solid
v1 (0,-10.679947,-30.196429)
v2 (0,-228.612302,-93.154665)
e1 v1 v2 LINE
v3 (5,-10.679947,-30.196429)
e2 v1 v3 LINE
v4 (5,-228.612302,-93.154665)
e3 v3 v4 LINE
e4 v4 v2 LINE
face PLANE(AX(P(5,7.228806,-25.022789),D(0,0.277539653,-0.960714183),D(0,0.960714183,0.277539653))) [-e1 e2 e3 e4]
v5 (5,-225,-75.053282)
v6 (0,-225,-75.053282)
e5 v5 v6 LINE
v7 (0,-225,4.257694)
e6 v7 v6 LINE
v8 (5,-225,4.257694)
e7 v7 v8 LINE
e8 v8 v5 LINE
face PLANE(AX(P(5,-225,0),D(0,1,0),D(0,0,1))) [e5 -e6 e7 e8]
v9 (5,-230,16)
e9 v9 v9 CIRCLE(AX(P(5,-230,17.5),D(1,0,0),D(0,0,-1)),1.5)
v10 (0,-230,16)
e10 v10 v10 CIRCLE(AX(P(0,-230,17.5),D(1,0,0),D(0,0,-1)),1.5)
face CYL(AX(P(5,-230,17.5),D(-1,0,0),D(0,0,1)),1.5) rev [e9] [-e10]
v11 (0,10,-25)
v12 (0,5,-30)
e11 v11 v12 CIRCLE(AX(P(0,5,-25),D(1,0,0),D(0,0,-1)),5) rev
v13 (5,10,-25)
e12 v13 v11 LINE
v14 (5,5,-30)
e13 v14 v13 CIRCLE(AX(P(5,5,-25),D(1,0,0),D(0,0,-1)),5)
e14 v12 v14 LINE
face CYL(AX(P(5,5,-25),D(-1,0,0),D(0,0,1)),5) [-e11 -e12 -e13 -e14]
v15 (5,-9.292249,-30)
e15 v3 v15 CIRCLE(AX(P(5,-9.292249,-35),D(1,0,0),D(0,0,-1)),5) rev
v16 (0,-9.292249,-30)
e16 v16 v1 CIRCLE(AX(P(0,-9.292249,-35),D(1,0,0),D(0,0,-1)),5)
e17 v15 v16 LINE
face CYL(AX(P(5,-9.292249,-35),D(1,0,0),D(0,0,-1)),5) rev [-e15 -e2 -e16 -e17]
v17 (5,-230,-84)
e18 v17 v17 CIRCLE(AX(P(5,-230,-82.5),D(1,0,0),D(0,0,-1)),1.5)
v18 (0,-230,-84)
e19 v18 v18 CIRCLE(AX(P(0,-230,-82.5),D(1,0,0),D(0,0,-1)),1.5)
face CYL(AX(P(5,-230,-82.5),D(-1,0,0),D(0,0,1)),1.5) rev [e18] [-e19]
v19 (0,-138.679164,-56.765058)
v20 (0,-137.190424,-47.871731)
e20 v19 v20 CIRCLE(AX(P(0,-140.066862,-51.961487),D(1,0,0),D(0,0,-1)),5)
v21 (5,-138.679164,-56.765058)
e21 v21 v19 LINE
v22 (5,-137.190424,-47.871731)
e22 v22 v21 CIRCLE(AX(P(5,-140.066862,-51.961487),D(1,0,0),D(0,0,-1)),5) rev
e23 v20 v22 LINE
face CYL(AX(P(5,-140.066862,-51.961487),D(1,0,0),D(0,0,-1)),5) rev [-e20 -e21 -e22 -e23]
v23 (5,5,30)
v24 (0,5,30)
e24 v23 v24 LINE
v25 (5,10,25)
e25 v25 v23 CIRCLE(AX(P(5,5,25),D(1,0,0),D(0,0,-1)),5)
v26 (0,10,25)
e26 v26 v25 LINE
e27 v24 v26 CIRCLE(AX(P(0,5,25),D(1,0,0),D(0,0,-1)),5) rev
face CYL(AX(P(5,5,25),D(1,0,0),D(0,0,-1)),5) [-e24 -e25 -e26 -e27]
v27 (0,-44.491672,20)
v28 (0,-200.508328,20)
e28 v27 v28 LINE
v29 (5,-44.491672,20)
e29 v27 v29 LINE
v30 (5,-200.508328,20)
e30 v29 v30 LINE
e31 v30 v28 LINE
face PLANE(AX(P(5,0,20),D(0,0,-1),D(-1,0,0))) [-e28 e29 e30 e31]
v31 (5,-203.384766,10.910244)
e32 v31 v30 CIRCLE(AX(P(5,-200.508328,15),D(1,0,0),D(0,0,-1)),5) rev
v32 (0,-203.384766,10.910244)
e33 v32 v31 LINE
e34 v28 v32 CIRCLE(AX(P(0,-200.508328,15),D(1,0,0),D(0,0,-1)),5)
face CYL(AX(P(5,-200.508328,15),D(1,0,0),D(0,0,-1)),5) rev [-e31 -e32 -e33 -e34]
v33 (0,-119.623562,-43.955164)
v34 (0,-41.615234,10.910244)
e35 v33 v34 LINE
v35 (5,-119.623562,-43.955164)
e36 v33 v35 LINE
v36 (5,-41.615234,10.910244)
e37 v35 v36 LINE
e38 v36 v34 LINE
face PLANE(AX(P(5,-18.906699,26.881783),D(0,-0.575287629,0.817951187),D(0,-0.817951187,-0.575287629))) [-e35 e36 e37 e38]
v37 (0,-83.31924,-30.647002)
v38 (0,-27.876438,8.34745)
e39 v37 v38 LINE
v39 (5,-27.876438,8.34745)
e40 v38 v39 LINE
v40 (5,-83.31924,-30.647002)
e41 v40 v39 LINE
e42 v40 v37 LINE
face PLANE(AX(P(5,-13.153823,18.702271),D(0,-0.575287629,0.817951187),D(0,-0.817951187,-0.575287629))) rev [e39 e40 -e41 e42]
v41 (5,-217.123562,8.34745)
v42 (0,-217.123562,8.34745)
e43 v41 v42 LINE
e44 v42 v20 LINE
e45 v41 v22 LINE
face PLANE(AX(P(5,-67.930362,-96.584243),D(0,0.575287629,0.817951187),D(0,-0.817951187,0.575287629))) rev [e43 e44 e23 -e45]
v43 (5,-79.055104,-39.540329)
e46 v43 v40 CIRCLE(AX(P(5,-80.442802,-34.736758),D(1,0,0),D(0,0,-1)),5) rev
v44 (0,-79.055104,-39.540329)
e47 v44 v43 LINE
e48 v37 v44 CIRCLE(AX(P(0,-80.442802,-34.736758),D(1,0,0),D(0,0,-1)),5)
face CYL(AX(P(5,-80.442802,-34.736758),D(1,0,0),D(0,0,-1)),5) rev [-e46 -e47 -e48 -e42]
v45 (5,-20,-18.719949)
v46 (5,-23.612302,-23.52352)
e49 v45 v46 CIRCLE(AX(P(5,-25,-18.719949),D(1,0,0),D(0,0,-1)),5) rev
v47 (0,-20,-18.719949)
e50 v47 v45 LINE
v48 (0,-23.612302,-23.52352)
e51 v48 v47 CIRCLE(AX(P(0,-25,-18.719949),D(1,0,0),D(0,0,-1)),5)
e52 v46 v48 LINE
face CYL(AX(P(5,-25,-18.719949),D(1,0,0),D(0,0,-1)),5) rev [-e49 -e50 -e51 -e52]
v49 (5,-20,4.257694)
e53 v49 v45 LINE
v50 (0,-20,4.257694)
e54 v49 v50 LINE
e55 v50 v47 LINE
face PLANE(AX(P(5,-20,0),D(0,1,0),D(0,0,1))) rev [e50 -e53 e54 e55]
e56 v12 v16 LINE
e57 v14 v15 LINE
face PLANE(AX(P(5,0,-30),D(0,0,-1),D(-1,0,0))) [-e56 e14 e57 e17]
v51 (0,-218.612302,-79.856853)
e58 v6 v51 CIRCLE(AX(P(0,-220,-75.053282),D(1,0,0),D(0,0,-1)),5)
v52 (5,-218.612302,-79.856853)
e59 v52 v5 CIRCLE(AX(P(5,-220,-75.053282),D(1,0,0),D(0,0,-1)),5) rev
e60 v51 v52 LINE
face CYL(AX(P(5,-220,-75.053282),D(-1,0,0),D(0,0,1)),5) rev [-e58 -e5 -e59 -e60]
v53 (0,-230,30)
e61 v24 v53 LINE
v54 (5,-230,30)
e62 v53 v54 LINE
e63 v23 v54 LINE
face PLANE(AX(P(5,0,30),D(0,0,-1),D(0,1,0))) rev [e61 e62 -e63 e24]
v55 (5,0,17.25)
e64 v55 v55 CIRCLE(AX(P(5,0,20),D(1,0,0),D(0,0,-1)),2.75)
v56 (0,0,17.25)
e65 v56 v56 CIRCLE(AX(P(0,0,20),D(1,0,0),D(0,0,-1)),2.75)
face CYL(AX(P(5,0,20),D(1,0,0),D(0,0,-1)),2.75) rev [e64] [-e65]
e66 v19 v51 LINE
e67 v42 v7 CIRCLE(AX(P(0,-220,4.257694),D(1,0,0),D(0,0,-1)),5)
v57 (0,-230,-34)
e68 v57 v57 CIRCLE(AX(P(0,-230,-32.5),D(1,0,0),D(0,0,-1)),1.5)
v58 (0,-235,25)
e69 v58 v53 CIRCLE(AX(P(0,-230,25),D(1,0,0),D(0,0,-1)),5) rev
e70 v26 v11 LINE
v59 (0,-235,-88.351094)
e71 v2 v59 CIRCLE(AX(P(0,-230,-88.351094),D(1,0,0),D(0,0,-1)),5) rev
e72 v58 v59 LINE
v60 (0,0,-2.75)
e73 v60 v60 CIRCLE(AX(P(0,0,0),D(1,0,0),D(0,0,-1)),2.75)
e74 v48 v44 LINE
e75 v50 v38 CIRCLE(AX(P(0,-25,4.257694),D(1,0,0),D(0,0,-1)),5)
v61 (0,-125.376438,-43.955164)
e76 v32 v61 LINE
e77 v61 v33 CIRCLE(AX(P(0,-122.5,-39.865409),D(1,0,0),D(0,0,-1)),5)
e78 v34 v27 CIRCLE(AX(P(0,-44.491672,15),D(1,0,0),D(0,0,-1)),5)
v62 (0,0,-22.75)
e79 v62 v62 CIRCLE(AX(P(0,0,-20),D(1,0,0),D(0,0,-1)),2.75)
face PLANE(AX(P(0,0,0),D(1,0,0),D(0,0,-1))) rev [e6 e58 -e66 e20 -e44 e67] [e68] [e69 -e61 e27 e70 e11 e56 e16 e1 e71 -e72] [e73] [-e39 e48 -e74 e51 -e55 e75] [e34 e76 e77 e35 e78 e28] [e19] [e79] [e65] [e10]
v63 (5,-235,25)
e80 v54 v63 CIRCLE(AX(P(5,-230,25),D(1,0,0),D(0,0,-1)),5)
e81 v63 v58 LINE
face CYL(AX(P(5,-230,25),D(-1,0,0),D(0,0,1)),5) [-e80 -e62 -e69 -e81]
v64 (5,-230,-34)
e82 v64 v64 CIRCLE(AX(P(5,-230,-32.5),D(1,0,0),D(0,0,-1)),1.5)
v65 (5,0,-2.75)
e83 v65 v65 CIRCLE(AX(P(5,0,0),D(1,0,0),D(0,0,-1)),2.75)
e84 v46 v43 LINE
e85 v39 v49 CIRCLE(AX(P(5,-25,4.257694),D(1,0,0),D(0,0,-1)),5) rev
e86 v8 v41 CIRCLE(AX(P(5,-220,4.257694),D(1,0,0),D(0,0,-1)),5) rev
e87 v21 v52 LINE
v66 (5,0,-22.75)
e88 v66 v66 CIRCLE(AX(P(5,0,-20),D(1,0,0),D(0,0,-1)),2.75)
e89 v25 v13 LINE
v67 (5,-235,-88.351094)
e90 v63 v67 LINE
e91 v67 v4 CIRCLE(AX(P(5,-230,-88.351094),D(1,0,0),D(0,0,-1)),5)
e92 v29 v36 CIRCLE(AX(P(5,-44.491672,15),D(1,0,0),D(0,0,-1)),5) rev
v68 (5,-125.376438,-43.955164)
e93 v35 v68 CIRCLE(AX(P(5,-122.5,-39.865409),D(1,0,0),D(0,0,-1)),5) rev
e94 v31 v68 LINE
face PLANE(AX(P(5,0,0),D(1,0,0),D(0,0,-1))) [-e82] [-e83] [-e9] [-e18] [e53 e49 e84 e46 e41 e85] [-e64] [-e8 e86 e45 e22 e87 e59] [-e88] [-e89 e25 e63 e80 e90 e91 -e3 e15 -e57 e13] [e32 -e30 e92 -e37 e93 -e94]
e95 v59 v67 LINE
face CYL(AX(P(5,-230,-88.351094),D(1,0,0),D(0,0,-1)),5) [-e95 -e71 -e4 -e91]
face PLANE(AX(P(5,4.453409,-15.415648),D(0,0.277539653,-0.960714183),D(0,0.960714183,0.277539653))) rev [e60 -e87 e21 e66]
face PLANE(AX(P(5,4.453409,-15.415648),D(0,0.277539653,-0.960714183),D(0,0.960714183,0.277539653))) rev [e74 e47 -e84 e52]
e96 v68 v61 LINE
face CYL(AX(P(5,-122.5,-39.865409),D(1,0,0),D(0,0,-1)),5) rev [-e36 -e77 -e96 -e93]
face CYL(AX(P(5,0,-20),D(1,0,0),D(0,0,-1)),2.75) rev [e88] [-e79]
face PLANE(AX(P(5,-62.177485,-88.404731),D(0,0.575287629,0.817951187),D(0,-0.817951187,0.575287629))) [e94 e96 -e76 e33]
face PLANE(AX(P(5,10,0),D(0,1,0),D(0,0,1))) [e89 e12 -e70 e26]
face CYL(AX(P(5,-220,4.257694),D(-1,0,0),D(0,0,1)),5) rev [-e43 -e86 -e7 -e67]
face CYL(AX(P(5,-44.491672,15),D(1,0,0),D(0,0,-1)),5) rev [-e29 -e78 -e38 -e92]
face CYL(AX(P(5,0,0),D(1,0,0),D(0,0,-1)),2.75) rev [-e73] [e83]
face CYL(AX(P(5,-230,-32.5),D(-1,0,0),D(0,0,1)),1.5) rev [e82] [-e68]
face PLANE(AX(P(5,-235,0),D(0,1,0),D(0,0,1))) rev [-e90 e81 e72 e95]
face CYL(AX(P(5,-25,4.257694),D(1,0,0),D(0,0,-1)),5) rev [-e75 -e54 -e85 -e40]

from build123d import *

# Parameters (mm, degrees)
SKETCH1_R            = 1.5
BOSS_EXTRUDE1_DEPTH  = 5
M5_CLEARANCE_HOLE1_D = 5.5
FILLET2_R            = 5


with BuildPart() as part:
    # Sketch1 → Boss-Extrude1 (new body)
    with BuildSketch(Plane(origin=(0, 0, 0), x_dir=(0, 0, -1), z_dir=(1, 0, 0))):
        Polygon((95, -235), (30, -10), (30, 10), (-30, 10), (-30, -235), align=None)
        with Locations((-17.5, -230)):
            Circle(SKETCH1_R, mode=Mode.SUBTRACT)
        with Locations((32.5, -230)):
            Circle(SKETCH1_R, mode=Mode.SUBTRACT)
        with Locations((82.5, -230)):
            Circle(SKETCH1_R, mode=Mode.SUBTRACT)
        Polygon((-13.887165787, -225), (53.870859832, -128.66078689), (81.702188063, -225), align=None, mode=Mode.SUBTRACT)
        Polygon((-20, -216.308695426), (-20, -28.691304574), (45.978242739, -122.5), align=None, mode=Mode.SUBTRACT)
        Polygon((22.479965841, -20), (47.830060977, -107.750329315), (-13.887165787, -20), align=None, mode=Mode.SUBTRACT)
    extrude(amount=BOSS_EXTRUDE1_DEPTH)

    # M5 Clearance Hole1 (through all)
    with Locations(Plane(origin=(5, 0, 0), x_dir=(0, 0, -1), z_dir=(1, 0, 0))):
        with Locations((0, 0), (20, 0), (-20, 0)):
            Hole(M5_CLEARANCE_HOLE1_D / 2)

    # Fillet2
    fillet2_edges = [part.edges().sort_by_distance(p)[0] for p in [
        (2.5, -235, -95),
        (2.5, -235, 30),
        (2.5, 10, 30),
        (2.5, 10, -30),
        (2.5, -10, -30),
        (2.5, -216.308695426, 20),
        (2.5, -122.5, -45.978242739),
        (2.5, -28.691304574, 20),
        (2.5, -20, -22.479965841),
        (2.5, -20, 13.887165787),
        (2.5, -107.750329315, -47.830060977),
        (2.5, -225, 13.887165787),
        (2.5, -225, -81.702188063),
        (2.5, -128.66078689, -53.870859832),
    ]]
    fillet(fillet2_edges, radius=FILLET2_R)


solid = part.part
